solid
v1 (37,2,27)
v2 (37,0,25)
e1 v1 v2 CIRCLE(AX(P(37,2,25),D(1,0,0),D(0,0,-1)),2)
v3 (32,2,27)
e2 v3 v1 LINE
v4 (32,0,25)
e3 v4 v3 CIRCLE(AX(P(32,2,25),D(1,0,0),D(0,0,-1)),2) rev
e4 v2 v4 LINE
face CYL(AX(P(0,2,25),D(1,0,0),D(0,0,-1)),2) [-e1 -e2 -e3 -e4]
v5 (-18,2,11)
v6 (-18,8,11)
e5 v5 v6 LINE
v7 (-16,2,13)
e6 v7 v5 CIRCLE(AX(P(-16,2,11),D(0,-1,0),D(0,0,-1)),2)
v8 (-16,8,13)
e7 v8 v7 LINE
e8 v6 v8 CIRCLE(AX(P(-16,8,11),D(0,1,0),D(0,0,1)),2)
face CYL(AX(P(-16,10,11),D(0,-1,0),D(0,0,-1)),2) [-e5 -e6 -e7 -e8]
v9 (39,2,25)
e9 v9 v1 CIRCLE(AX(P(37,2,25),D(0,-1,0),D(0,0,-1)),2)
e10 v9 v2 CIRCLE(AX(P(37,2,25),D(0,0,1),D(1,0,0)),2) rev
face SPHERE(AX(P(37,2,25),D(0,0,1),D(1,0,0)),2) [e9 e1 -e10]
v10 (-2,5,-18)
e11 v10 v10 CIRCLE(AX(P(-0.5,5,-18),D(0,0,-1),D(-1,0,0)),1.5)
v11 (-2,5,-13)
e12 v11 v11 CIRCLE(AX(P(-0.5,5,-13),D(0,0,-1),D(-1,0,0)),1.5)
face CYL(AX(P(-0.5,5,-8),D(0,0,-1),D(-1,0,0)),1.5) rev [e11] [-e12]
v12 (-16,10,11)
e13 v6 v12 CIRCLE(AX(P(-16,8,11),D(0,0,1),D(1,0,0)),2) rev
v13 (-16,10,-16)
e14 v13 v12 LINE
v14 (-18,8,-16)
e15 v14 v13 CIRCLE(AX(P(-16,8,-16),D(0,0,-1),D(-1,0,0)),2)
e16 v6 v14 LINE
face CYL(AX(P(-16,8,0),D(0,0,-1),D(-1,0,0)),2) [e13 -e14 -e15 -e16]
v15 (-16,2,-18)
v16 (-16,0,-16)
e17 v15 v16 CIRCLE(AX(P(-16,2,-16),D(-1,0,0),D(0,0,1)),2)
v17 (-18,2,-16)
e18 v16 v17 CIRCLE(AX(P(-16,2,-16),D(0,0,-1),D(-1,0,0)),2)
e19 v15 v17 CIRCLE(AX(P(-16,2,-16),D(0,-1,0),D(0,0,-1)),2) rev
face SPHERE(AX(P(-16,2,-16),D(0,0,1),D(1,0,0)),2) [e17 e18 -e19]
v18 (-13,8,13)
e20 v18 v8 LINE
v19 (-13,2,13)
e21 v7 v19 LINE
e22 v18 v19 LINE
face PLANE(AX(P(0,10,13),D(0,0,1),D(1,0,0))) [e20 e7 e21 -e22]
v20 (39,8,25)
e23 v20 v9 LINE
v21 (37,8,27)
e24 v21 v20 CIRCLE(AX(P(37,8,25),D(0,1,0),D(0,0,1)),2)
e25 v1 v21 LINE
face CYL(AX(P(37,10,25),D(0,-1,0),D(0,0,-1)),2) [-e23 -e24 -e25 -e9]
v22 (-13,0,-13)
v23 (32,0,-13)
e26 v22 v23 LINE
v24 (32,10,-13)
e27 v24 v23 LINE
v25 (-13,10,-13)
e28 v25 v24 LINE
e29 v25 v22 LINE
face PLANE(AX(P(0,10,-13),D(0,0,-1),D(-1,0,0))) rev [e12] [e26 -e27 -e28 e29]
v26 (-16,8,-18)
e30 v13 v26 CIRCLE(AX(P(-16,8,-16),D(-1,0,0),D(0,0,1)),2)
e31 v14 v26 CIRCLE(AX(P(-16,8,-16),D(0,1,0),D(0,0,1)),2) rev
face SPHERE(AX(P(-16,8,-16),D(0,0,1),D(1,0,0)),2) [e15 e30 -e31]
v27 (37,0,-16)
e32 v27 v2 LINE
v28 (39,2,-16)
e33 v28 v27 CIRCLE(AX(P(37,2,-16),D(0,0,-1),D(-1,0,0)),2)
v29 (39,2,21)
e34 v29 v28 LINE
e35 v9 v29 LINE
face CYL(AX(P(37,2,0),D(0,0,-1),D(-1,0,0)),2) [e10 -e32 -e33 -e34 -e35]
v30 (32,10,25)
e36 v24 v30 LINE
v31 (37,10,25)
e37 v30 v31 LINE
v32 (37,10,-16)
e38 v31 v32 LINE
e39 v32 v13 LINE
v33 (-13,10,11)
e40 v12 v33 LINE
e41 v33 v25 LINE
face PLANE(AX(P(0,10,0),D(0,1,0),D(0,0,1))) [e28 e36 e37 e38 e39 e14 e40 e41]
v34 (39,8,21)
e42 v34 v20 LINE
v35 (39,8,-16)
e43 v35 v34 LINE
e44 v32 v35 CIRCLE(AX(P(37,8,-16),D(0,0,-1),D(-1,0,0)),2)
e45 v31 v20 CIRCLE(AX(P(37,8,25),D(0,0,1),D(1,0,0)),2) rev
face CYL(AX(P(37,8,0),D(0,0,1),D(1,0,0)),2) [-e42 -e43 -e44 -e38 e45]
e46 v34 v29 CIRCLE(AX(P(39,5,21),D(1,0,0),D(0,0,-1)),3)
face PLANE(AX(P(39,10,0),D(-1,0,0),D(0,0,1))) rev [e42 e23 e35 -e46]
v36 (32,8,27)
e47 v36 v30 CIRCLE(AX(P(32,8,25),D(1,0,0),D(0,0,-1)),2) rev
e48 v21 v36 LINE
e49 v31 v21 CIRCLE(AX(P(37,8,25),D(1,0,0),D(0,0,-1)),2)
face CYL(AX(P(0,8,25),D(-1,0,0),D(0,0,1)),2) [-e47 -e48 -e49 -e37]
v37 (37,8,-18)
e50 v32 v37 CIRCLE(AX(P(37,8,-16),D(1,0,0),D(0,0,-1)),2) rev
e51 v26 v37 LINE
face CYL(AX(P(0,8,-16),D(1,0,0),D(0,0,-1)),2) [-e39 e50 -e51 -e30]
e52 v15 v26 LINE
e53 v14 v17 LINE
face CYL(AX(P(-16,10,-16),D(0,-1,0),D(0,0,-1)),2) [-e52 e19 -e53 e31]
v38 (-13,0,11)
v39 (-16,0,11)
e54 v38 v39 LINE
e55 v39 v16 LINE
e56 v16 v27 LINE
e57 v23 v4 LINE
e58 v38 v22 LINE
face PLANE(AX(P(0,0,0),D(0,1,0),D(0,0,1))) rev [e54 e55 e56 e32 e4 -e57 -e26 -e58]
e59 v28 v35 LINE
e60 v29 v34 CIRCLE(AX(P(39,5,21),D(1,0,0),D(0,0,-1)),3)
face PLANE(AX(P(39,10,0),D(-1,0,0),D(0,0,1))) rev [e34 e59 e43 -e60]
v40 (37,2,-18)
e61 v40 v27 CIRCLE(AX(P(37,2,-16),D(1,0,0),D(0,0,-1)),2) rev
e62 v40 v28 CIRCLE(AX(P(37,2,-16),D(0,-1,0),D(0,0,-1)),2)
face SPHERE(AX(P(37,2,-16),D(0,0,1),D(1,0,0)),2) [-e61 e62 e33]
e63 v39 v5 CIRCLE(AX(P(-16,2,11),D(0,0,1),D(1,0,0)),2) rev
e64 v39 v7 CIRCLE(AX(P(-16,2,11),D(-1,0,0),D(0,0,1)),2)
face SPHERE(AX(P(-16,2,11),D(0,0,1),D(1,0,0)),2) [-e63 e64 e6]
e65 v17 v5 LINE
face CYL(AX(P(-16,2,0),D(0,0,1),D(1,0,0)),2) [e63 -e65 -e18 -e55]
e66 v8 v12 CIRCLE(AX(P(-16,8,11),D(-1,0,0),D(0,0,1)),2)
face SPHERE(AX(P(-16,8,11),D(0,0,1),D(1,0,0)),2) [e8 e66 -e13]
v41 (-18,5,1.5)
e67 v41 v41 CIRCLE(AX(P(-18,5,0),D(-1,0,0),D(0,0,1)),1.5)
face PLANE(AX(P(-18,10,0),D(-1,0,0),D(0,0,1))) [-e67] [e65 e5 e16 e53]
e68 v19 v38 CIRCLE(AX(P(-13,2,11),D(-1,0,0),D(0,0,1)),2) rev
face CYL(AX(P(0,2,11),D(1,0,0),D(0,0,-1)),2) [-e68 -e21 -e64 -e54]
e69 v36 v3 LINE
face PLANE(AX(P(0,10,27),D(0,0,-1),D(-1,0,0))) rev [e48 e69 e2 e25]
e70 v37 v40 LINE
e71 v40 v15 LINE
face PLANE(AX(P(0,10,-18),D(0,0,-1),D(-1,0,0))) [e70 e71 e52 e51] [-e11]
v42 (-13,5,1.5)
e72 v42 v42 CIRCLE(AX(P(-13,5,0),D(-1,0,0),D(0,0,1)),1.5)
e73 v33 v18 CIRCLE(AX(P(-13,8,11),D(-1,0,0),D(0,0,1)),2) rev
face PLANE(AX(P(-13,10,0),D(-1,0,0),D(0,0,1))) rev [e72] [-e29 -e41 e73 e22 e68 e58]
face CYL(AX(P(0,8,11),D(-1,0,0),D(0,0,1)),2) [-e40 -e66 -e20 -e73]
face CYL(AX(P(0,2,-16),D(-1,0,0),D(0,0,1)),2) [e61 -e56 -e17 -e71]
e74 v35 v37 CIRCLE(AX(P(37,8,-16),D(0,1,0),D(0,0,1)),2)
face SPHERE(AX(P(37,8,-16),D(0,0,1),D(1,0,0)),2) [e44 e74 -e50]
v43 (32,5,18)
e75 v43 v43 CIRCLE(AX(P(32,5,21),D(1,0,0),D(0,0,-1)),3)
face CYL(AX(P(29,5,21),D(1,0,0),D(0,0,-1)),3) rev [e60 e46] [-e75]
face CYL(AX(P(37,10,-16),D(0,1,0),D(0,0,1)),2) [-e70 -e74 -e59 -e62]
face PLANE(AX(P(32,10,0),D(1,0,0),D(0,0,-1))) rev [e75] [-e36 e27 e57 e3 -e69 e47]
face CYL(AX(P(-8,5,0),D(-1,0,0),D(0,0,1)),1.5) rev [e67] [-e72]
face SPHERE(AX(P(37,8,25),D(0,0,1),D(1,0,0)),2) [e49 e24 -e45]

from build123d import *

# Parameters (mm, degrees)
BOSS_EXTRUDE1_DEPTH = 10
SKETCH3_R           = 2.9999999999999973
CUT_EXTRUDE1_DEPTH  = 10
FILLET3_R           = 2
SKETCH4_R           = 1.4999999999999998
CUT_EXTRUDE2_DEPTH  = 10
SKETCH5_R           = 1.5000000000000002
CUT_EXTRUDE3_DEPTH  = 10


with BuildPart() as part:
    # Sketch2 → Boss-Extrude1 (new body)
    with BuildSketch(Plane(origin=(0, 0, 0), x_dir=(1, 0, 0), z_dir=(0, 1, 0))):
        Polygon((32.000000000000014, -27.000000000000004), (39.000000000000014, -27.000000000000004), (39.00000000000001, 18.000000000000004), (-18, 18), (-18, -13), (-12.999999999999998, -13), (-12.999999999999998, 13), (13.000000000000002, 13), (32, 13), align=None)
    extrude(amount=BOSS_EXTRUDE1_DEPTH)

    # Sketch3 → Cut-Extrude1 (cut)
    with BuildSketch(Plane(origin=(39.00000000000001, 0, -6.01e-15), x_dir=(0, 0, -1), z_dir=(1, 0, 0))):
        with Locations((-21, 5)):
            Circle(SKETCH3_R)
    extrude(amount=-CUT_EXTRUDE1_DEPTH, mode=Mode.SUBTRACT)

    # Fillet3
    fillet3_edges = [part.edges().sort_by_distance(p)[0] for p in [
        (-15.5, 0, 13),
        (-18, 0, -2.5),
        (10.500000000000004, 0, -18),
        (39.000000000000014, 0, 4.5),
        (35.500000000000014, 0, 27.000000000000004),
        (10.500000000000004, 10, -18),
        (-18, 5, 13),
        (-18, 5, -18),
        (39.00000000000001, 5, -18.000000000000004),
        (39.000000000000014, 5, 27.000000000000004),
        (-18, 10, -2.5),
        (-15.5, 10, 13),
        (35.500000000000014, 10, 27.000000000000004),
        (39.000000000000014, 10, 4.5),
    ]]
    fillet(fillet3_edges, radius=FILLET3_R)

    # Sketch4 → Cut-Extrude2 (cut)
    with BuildSketch(Plane(origin=(-1.1e-15, 0, -18), x_dir=(-1, 0, 6e-17), z_dir=(-6e-17, 0, -1))):
        with Locations((0.5000000000000004, 5)):
            Circle(SKETCH4_R)
    extrude(amount=-CUT_EXTRUDE2_DEPTH, mode=Mode.SUBTRACT)

    # Sketch5 → Cut-Extrude3 (cut)
    with BuildSketch(Plane.ZY.offset(18)):
        with Locations((3.47e-15, 5)):
            Circle(SKETCH5_R)
    extrude(amount=-CUT_EXTRUDE3_DEPTH, mode=Mode.SUBTRACT)


solid = part.part
